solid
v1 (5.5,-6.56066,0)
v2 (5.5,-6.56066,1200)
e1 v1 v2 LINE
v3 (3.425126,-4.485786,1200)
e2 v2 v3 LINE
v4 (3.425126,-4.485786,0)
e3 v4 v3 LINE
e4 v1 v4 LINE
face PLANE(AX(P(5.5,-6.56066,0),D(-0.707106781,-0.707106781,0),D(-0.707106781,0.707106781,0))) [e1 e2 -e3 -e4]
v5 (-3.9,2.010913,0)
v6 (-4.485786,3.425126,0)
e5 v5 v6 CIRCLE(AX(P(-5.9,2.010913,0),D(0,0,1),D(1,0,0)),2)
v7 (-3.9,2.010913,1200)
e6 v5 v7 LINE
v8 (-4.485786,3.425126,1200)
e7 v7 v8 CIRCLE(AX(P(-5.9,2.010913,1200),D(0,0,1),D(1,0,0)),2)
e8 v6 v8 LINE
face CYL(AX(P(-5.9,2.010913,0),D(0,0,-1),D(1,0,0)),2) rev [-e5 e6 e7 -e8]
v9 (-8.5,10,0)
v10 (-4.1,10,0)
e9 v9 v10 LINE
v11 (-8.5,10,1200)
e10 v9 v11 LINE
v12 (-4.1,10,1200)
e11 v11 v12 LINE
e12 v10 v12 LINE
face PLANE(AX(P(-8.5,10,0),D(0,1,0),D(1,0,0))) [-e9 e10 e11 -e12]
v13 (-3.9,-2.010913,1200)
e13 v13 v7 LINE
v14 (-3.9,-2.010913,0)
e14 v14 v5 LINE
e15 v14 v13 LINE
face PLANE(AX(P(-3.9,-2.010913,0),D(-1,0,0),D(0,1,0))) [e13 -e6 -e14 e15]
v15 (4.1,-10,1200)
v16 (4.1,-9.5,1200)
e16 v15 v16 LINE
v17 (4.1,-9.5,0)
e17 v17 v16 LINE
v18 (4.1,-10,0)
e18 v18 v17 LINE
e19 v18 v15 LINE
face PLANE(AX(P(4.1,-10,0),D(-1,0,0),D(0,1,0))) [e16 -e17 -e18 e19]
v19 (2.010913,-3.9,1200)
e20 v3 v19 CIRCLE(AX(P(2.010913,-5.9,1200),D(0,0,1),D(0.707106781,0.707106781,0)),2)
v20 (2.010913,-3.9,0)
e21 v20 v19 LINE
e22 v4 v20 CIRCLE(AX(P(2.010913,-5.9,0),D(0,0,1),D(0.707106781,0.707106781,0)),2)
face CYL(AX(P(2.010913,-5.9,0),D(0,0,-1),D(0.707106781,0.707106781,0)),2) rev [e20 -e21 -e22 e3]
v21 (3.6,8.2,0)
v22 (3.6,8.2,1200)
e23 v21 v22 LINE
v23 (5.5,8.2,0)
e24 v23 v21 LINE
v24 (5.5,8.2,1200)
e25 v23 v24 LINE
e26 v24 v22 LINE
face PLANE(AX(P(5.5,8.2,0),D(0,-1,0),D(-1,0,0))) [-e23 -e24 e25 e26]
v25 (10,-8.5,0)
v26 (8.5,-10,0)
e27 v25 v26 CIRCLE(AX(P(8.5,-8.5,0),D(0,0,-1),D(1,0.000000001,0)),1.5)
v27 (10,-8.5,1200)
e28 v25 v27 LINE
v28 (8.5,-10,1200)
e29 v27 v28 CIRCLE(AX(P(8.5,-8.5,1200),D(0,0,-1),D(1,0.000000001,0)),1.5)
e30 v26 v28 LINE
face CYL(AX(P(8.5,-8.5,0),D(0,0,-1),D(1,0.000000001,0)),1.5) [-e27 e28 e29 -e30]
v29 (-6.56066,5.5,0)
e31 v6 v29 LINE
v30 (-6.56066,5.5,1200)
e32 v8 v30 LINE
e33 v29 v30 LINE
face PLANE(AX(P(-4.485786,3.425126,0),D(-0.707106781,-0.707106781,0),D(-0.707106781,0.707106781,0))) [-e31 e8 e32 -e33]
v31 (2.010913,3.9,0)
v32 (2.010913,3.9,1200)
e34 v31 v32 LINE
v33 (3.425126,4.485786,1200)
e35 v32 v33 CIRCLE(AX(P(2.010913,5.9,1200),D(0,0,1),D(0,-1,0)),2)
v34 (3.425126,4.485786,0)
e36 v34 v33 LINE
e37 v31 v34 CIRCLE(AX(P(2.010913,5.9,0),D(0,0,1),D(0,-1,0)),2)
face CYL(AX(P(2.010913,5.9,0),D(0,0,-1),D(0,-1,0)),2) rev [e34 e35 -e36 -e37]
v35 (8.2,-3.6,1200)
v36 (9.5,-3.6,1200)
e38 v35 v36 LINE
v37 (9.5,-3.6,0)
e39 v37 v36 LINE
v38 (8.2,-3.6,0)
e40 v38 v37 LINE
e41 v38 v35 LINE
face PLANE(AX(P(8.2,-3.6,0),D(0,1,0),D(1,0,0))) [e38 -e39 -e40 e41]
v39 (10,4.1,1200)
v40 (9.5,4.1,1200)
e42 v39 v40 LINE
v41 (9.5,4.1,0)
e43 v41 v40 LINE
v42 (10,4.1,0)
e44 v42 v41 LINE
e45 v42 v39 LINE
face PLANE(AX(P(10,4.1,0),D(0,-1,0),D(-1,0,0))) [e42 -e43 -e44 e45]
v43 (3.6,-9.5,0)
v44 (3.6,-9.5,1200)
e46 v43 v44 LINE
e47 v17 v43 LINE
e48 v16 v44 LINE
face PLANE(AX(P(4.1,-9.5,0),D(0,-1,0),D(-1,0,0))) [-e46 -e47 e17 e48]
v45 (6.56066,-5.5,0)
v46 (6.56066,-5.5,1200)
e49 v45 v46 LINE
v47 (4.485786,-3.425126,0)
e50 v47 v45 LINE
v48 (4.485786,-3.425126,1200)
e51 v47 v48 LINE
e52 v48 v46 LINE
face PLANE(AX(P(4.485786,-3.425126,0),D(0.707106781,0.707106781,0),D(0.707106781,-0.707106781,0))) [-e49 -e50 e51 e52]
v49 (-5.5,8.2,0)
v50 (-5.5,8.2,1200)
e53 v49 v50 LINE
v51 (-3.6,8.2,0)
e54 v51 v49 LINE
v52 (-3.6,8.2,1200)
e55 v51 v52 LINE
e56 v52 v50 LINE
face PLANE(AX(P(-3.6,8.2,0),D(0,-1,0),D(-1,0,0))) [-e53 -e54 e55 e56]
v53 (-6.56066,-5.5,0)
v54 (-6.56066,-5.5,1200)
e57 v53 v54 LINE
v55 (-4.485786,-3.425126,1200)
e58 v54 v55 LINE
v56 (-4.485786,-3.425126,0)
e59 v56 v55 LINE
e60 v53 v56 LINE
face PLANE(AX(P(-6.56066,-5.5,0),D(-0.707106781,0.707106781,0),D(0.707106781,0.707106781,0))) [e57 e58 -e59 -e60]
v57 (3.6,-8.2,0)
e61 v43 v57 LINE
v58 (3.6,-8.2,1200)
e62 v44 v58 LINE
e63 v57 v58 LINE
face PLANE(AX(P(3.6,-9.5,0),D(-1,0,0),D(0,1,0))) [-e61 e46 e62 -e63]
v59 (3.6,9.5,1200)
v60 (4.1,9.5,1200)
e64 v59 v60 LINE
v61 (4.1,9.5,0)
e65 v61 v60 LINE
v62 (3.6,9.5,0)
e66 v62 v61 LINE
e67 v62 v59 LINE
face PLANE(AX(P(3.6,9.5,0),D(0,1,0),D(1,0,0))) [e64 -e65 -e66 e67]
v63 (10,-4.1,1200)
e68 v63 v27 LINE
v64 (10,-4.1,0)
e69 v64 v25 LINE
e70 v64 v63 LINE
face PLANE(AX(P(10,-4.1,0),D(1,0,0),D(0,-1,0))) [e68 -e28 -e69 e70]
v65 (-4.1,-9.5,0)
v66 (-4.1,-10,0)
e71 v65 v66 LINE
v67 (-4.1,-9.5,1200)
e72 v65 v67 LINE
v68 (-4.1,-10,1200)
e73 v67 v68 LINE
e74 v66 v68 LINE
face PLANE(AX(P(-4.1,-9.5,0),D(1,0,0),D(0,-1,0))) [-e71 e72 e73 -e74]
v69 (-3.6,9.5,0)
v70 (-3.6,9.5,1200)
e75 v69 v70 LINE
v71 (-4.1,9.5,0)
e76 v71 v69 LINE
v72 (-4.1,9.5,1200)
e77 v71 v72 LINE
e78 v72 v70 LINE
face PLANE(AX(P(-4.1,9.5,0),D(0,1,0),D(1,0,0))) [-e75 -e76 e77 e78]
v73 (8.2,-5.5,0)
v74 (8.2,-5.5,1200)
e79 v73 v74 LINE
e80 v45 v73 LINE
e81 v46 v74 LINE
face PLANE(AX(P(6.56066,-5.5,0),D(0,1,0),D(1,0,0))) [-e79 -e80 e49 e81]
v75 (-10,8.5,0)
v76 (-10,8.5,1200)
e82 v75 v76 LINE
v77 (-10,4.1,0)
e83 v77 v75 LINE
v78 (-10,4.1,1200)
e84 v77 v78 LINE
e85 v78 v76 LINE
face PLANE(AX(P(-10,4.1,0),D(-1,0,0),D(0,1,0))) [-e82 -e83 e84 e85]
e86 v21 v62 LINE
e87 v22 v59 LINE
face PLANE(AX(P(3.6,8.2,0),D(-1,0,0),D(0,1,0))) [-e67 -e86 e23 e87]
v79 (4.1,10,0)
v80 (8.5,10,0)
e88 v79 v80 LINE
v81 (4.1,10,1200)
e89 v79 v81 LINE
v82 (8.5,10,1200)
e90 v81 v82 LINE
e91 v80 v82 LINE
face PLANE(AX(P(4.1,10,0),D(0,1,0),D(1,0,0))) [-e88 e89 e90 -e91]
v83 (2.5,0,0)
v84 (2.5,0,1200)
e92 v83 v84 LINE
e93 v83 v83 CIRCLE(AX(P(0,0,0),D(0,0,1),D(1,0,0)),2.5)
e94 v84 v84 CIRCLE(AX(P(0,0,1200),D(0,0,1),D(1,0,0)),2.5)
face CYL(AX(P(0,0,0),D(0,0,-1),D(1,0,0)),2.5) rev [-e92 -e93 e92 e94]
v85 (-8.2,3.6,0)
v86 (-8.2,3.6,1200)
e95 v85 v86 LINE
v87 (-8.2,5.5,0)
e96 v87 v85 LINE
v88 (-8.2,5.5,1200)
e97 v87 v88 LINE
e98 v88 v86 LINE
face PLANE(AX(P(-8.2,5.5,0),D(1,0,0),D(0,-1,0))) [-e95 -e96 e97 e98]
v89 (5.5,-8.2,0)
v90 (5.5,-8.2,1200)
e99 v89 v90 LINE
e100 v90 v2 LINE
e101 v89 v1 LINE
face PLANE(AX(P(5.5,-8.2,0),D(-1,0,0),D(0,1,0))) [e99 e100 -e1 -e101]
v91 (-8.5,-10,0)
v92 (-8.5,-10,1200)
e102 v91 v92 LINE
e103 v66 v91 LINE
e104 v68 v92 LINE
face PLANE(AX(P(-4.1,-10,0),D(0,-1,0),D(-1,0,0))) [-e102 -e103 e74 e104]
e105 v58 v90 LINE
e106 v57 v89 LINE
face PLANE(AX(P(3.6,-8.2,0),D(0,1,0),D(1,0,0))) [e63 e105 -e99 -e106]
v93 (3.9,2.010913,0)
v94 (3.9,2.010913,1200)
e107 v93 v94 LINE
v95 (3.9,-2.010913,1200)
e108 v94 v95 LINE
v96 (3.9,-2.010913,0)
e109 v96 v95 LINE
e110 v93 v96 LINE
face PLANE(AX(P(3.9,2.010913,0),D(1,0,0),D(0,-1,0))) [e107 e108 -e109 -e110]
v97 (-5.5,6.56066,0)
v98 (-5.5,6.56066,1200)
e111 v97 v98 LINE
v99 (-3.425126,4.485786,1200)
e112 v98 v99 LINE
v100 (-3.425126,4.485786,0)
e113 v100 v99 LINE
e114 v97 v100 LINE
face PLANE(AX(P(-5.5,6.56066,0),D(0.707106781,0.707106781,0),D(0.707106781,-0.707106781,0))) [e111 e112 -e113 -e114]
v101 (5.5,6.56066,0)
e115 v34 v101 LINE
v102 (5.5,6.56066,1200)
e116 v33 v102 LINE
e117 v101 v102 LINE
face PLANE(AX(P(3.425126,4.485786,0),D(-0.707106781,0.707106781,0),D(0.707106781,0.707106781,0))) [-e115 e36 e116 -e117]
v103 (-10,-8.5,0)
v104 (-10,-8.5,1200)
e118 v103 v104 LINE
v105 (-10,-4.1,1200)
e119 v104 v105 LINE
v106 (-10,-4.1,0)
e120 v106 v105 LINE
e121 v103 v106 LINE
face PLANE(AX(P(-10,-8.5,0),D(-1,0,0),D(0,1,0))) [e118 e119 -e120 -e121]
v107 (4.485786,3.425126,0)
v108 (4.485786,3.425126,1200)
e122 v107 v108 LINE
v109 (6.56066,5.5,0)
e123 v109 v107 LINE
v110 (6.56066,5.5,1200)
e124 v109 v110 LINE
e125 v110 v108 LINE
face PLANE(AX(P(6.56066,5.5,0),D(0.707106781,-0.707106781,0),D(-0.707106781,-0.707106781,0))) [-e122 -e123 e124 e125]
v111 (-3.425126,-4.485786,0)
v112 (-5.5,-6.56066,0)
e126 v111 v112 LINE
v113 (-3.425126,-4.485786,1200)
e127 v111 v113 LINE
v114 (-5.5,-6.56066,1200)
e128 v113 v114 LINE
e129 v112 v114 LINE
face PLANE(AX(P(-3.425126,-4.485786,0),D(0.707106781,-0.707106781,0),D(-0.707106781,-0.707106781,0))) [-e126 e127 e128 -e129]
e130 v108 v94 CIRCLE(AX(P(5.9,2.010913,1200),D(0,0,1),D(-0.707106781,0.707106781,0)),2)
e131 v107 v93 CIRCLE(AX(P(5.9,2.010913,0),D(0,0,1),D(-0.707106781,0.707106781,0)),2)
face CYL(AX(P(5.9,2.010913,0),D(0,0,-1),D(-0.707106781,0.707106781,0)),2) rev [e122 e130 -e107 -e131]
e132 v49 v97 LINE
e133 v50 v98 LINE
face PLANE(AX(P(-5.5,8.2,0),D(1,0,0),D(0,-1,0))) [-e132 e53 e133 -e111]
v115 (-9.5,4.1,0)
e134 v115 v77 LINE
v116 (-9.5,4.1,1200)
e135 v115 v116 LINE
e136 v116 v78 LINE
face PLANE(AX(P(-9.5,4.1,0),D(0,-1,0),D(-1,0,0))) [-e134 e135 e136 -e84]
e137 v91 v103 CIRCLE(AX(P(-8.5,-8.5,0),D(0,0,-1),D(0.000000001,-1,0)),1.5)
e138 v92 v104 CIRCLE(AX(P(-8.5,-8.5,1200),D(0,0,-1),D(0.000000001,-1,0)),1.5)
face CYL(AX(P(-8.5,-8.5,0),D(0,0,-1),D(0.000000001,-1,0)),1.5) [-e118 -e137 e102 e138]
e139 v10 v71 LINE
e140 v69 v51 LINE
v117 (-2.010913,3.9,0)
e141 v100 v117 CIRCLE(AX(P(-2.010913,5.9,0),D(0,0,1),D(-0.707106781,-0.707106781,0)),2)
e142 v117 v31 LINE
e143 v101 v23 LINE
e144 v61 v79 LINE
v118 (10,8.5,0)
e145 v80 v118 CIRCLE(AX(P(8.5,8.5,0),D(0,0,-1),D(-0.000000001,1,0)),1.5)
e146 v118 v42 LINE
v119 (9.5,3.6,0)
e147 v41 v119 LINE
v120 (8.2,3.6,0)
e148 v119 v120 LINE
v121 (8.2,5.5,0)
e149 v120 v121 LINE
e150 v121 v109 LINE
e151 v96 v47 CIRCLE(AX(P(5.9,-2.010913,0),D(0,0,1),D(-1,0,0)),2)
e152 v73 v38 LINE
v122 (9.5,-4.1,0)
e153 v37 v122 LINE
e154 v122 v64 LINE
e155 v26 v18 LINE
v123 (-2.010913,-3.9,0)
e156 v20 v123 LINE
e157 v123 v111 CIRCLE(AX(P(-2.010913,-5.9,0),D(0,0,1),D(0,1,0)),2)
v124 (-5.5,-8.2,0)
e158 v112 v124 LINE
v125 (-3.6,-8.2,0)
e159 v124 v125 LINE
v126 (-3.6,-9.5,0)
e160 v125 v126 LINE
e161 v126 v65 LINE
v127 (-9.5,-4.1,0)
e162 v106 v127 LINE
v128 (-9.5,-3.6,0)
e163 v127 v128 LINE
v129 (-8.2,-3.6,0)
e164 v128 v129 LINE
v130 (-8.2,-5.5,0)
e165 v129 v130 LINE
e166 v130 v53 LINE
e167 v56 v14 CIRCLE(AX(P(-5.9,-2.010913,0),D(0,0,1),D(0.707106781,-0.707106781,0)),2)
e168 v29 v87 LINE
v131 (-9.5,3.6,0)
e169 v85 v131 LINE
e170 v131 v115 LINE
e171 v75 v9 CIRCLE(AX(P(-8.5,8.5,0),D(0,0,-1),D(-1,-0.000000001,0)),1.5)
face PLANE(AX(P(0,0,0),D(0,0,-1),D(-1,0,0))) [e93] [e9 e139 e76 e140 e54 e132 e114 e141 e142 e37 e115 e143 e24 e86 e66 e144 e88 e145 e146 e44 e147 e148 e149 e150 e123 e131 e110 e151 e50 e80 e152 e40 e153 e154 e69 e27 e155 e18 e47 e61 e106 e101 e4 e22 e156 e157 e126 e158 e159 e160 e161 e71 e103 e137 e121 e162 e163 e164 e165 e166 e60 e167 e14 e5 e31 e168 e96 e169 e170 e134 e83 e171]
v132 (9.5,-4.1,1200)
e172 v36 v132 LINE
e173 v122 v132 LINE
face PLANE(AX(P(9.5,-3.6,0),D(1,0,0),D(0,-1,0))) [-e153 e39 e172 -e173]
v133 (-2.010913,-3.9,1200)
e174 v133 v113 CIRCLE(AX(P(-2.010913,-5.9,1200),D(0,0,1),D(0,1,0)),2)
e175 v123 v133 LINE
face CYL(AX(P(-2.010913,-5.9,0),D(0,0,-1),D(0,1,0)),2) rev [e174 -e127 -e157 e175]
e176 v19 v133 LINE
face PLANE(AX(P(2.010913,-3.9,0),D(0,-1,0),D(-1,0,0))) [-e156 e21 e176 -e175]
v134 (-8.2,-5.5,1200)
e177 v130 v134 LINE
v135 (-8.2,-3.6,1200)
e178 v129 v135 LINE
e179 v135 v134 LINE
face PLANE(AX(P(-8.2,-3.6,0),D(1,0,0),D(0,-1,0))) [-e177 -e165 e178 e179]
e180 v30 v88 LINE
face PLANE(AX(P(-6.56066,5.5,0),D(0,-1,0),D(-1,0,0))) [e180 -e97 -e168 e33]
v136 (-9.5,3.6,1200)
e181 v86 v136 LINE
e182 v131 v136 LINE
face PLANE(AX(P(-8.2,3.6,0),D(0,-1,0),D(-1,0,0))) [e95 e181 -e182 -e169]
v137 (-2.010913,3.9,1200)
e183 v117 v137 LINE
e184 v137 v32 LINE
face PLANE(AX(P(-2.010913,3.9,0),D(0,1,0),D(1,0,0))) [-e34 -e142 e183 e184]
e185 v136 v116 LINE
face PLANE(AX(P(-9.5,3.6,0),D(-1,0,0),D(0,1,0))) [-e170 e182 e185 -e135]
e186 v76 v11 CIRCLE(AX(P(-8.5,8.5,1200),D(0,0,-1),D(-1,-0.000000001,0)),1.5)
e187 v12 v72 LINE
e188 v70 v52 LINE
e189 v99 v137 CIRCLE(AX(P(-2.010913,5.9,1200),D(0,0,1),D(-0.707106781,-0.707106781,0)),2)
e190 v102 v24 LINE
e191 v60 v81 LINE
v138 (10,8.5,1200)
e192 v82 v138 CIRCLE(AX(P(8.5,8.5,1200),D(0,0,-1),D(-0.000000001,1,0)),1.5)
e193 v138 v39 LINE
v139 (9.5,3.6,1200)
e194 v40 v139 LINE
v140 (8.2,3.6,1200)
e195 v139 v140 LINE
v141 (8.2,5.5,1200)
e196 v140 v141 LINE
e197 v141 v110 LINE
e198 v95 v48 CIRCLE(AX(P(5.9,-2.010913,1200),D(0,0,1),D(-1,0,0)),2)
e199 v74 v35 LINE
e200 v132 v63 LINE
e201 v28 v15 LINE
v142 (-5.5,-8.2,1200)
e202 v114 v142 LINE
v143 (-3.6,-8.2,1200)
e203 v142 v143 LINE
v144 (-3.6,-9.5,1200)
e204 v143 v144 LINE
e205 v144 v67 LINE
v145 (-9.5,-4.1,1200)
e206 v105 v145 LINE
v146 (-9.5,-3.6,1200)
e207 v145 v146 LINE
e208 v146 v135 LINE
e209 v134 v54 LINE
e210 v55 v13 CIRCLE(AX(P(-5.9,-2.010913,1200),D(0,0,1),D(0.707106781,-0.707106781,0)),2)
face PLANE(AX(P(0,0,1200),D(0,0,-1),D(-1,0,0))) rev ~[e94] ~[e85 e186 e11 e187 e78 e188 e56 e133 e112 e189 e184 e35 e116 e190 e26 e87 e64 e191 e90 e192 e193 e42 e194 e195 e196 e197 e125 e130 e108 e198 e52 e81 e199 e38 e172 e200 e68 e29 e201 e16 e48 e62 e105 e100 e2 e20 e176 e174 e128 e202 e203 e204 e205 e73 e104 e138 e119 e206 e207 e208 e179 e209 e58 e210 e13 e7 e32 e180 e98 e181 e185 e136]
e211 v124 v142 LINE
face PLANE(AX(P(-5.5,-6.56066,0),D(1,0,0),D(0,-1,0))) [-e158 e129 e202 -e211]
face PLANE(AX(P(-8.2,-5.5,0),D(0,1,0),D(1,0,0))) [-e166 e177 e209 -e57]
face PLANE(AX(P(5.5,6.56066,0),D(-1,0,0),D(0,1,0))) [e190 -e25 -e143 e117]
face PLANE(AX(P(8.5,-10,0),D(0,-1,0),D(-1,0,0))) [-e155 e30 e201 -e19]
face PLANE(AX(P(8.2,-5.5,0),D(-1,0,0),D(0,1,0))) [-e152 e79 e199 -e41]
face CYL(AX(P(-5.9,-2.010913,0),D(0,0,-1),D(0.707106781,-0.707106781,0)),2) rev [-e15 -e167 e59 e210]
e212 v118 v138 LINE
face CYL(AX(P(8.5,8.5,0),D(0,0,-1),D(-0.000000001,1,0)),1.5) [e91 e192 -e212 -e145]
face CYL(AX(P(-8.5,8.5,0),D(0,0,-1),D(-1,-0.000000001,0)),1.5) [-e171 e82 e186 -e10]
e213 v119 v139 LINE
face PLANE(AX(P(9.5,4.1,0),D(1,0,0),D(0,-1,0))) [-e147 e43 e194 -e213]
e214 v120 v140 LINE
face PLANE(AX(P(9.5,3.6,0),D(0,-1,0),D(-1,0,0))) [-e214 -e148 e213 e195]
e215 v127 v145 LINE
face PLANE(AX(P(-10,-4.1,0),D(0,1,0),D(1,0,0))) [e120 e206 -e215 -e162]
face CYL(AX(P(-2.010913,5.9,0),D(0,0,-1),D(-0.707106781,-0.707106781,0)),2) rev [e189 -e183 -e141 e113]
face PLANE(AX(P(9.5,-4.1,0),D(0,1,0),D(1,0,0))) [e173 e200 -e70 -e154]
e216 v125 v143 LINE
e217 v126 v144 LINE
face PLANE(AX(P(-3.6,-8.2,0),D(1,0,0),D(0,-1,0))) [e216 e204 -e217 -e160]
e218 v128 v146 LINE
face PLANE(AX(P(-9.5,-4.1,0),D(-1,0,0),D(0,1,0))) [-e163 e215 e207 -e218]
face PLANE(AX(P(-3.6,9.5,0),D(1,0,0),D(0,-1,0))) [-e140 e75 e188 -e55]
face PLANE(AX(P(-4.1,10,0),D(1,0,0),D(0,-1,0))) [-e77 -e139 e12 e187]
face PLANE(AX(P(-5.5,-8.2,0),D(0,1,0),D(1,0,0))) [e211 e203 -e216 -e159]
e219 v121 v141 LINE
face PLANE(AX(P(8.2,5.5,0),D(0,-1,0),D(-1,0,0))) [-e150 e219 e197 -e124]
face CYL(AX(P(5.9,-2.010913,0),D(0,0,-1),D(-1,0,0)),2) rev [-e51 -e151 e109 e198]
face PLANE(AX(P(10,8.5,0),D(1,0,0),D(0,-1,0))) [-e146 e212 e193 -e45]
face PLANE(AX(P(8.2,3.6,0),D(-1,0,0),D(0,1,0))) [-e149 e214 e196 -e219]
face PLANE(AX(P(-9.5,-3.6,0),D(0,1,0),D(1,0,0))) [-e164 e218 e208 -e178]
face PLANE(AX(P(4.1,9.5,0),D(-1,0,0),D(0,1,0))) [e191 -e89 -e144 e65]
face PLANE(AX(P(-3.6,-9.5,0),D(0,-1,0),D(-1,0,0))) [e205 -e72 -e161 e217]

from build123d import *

# Parameters (mm, degrees)
SKETCH1_R           = 2.5
BOSS_EXTRUDE2_DEPTH = 1200


with BuildPart() as part:
    # Sketch1 → Boss-Extrude2 (new body)
    with BuildSketch(Plane.XY):
        with BuildLine():
            Line((10, -4.1), (10, -8.5))
            ThreePointArc((10, -8.5), (9.560660172, -9.560660172), (8.5, -10))
            Line((8.5, -10), (4.1, -10))
            Line((4.1, -10), (4.1, -9.5))
            Line((4.1, -9.5), (3.6, -9.5))
            Line((3.6, -9.5), (3.6, -8.2))
            Line((3.6, -8.2), (5.5, -8.2))
            Line((5.5, -8.2), (5.5, -6.560660172))
            Line((5.5, -6.560660172), (3.425126266, -4.485786438))
            ThreePointArc((3.425126266, -4.485786438), (2.776279568, -4.052240935), (2.010912703, -3.9))
            Line((2.010912703, -3.9), (-2.010912703, -3.9))
            ThreePointArc((-2.010912703, -3.9), (-2.776279568, -4.052240935), (-3.425126266, -4.485786438))
            Line((-3.425126266, -4.485786438), (-5.5, -6.560660172))
            Line((-5.5, -6.560660172), (-5.5, -8.2))
            Line((-5.5, -8.2), (-3.6, -8.2))
            Line((-3.6, -8.2), (-3.6, -9.5))
            Line((-3.6, -9.5), (-4.1, -9.5))
            Line((-4.1, -9.5), (-4.1, -10))
            Line((-4.1, -10), (-8.5, -10))
            ThreePointArc((-8.5, -10), (-9.560660172, -9.560660172), (-10, -8.5))
            Line((-10, -8.5), (-10, -4.1))
            Line((-10, -4.1), (-9.5, -4.1))
            Line((-9.5, -4.1), (-9.5, -3.6))
            Line((-9.5, -3.6), (-8.2, -3.6))
            Line((-8.2, -3.6), (-8.2, -5.5))
            Line((-8.2, -5.5), (-6.560660172, -5.5))
            Line((-6.560660172, -5.5), (-4.485786438, -3.425126266))
            ThreePointArc((-4.485786438, -3.425126266), (-4.052240935, -2.776279568), (-3.9, -2.010912703))
            Line((-3.9, -2.010912703), (-3.9, 2.010912703))
            ThreePointArc((-3.9, 2.010912703), (-4.052240935, 2.776279568), (-4.485786438, 3.425126266))
            Line((-4.485786438, 3.425126266), (-6.560660172, 5.5))
            Line((-6.560660172, 5.5), (-8.2, 5.5))
            Line((-8.2, 5.5), (-8.2, 3.6))
            Line((-8.2, 3.6), (-9.5, 3.6))
            Line((-9.5, 3.6), (-9.5, 4.1))
            Line((-9.5, 4.1), (-10, 4.1))
            Line((-10, 4.1), (-10, 8.5))
            ThreePointArc((-10, 8.5), (-9.560660172, 9.560660172), (-8.5, 10))
            Line((-8.5, 10), (-4.1, 10))
            Line((-4.1, 10), (-4.1, 9.5))
            Line((-4.1, 9.5), (-3.6, 9.5))
            Line((-3.6, 9.5), (-3.6, 8.2))
            Line((-3.6, 8.2), (-5.5, 8.2))
            Line((-5.5, 8.2), (-5.5, 6.560660172))
            Line((-5.5, 6.560660172), (-3.425126266, 4.485786438))
            ThreePointArc((-3.425126266, 4.485786438), (-2.776279568, 4.052240935), (-2.010912703, 3.9))
            Line((-2.010912703, 3.9), (2.010912703, 3.9))
            ThreePointArc((2.010912703, 3.9), (2.776279568, 4.052240935), (3.425126266, 4.485786438))
            Line((3.425126266, 4.485786438), (5.5, 6.560660172))
            Line((5.5, 6.560660172), (5.5, 8.2))
            Line((5.5, 8.2), (3.6, 8.2))
            Line((3.6, 8.2), (3.6, 9.5))
            Line((3.6, 9.5), (4.1, 9.5))
            Line((4.1, 9.5), (4.1, 10))
            Line((4.1, 10), (8.5, 10))
            ThreePointArc((8.5, 10), (9.560660172, 9.560660172), (10, 8.5))
            Line((10, 8.5), (10, 4.1))
            Line((10, 4.1), (9.5, 4.1))
            Line((9.5, 4.1), (9.5, 3.6))
            Line((9.5, 3.6), (8.2, 3.6))
            Line((8.2, 3.6), (8.2, 5.5))
            Line((8.2, 5.5), (6.560660172, 5.5))
            Line((6.560660172, 5.5), (4.485786438, 3.425126266))
            ThreePointArc((4.485786438, 3.425126266), (4.052240935, 2.776279568), (3.9, 2.010912703))
            Line((3.9, 2.010912703), (3.9, -2.010912703))
            ThreePointArc((3.9, -2.010912703), (4.052240935, -2.776279568), (4.485786438, -3.425126266))
            Line((4.485786438, -3.425126266), (6.560660172, -5.5))
            Line((6.560660172, -5.5), (8.2, -5.5))
            Line((8.2, -5.5), (8.2, -3.6))
            Line((8.2, -3.6), (9.5, -3.6))
            Line((9.5, -3.6), (9.5, -4.1))
            Line((9.5, -4.1), (10, -4.1))
        make_face()
        Circle(SKETCH1_R, mode=Mode.SUBTRACT)
    extrude(amount=BOSS_EXTRUDE2_DEPTH)


solid = part.part
